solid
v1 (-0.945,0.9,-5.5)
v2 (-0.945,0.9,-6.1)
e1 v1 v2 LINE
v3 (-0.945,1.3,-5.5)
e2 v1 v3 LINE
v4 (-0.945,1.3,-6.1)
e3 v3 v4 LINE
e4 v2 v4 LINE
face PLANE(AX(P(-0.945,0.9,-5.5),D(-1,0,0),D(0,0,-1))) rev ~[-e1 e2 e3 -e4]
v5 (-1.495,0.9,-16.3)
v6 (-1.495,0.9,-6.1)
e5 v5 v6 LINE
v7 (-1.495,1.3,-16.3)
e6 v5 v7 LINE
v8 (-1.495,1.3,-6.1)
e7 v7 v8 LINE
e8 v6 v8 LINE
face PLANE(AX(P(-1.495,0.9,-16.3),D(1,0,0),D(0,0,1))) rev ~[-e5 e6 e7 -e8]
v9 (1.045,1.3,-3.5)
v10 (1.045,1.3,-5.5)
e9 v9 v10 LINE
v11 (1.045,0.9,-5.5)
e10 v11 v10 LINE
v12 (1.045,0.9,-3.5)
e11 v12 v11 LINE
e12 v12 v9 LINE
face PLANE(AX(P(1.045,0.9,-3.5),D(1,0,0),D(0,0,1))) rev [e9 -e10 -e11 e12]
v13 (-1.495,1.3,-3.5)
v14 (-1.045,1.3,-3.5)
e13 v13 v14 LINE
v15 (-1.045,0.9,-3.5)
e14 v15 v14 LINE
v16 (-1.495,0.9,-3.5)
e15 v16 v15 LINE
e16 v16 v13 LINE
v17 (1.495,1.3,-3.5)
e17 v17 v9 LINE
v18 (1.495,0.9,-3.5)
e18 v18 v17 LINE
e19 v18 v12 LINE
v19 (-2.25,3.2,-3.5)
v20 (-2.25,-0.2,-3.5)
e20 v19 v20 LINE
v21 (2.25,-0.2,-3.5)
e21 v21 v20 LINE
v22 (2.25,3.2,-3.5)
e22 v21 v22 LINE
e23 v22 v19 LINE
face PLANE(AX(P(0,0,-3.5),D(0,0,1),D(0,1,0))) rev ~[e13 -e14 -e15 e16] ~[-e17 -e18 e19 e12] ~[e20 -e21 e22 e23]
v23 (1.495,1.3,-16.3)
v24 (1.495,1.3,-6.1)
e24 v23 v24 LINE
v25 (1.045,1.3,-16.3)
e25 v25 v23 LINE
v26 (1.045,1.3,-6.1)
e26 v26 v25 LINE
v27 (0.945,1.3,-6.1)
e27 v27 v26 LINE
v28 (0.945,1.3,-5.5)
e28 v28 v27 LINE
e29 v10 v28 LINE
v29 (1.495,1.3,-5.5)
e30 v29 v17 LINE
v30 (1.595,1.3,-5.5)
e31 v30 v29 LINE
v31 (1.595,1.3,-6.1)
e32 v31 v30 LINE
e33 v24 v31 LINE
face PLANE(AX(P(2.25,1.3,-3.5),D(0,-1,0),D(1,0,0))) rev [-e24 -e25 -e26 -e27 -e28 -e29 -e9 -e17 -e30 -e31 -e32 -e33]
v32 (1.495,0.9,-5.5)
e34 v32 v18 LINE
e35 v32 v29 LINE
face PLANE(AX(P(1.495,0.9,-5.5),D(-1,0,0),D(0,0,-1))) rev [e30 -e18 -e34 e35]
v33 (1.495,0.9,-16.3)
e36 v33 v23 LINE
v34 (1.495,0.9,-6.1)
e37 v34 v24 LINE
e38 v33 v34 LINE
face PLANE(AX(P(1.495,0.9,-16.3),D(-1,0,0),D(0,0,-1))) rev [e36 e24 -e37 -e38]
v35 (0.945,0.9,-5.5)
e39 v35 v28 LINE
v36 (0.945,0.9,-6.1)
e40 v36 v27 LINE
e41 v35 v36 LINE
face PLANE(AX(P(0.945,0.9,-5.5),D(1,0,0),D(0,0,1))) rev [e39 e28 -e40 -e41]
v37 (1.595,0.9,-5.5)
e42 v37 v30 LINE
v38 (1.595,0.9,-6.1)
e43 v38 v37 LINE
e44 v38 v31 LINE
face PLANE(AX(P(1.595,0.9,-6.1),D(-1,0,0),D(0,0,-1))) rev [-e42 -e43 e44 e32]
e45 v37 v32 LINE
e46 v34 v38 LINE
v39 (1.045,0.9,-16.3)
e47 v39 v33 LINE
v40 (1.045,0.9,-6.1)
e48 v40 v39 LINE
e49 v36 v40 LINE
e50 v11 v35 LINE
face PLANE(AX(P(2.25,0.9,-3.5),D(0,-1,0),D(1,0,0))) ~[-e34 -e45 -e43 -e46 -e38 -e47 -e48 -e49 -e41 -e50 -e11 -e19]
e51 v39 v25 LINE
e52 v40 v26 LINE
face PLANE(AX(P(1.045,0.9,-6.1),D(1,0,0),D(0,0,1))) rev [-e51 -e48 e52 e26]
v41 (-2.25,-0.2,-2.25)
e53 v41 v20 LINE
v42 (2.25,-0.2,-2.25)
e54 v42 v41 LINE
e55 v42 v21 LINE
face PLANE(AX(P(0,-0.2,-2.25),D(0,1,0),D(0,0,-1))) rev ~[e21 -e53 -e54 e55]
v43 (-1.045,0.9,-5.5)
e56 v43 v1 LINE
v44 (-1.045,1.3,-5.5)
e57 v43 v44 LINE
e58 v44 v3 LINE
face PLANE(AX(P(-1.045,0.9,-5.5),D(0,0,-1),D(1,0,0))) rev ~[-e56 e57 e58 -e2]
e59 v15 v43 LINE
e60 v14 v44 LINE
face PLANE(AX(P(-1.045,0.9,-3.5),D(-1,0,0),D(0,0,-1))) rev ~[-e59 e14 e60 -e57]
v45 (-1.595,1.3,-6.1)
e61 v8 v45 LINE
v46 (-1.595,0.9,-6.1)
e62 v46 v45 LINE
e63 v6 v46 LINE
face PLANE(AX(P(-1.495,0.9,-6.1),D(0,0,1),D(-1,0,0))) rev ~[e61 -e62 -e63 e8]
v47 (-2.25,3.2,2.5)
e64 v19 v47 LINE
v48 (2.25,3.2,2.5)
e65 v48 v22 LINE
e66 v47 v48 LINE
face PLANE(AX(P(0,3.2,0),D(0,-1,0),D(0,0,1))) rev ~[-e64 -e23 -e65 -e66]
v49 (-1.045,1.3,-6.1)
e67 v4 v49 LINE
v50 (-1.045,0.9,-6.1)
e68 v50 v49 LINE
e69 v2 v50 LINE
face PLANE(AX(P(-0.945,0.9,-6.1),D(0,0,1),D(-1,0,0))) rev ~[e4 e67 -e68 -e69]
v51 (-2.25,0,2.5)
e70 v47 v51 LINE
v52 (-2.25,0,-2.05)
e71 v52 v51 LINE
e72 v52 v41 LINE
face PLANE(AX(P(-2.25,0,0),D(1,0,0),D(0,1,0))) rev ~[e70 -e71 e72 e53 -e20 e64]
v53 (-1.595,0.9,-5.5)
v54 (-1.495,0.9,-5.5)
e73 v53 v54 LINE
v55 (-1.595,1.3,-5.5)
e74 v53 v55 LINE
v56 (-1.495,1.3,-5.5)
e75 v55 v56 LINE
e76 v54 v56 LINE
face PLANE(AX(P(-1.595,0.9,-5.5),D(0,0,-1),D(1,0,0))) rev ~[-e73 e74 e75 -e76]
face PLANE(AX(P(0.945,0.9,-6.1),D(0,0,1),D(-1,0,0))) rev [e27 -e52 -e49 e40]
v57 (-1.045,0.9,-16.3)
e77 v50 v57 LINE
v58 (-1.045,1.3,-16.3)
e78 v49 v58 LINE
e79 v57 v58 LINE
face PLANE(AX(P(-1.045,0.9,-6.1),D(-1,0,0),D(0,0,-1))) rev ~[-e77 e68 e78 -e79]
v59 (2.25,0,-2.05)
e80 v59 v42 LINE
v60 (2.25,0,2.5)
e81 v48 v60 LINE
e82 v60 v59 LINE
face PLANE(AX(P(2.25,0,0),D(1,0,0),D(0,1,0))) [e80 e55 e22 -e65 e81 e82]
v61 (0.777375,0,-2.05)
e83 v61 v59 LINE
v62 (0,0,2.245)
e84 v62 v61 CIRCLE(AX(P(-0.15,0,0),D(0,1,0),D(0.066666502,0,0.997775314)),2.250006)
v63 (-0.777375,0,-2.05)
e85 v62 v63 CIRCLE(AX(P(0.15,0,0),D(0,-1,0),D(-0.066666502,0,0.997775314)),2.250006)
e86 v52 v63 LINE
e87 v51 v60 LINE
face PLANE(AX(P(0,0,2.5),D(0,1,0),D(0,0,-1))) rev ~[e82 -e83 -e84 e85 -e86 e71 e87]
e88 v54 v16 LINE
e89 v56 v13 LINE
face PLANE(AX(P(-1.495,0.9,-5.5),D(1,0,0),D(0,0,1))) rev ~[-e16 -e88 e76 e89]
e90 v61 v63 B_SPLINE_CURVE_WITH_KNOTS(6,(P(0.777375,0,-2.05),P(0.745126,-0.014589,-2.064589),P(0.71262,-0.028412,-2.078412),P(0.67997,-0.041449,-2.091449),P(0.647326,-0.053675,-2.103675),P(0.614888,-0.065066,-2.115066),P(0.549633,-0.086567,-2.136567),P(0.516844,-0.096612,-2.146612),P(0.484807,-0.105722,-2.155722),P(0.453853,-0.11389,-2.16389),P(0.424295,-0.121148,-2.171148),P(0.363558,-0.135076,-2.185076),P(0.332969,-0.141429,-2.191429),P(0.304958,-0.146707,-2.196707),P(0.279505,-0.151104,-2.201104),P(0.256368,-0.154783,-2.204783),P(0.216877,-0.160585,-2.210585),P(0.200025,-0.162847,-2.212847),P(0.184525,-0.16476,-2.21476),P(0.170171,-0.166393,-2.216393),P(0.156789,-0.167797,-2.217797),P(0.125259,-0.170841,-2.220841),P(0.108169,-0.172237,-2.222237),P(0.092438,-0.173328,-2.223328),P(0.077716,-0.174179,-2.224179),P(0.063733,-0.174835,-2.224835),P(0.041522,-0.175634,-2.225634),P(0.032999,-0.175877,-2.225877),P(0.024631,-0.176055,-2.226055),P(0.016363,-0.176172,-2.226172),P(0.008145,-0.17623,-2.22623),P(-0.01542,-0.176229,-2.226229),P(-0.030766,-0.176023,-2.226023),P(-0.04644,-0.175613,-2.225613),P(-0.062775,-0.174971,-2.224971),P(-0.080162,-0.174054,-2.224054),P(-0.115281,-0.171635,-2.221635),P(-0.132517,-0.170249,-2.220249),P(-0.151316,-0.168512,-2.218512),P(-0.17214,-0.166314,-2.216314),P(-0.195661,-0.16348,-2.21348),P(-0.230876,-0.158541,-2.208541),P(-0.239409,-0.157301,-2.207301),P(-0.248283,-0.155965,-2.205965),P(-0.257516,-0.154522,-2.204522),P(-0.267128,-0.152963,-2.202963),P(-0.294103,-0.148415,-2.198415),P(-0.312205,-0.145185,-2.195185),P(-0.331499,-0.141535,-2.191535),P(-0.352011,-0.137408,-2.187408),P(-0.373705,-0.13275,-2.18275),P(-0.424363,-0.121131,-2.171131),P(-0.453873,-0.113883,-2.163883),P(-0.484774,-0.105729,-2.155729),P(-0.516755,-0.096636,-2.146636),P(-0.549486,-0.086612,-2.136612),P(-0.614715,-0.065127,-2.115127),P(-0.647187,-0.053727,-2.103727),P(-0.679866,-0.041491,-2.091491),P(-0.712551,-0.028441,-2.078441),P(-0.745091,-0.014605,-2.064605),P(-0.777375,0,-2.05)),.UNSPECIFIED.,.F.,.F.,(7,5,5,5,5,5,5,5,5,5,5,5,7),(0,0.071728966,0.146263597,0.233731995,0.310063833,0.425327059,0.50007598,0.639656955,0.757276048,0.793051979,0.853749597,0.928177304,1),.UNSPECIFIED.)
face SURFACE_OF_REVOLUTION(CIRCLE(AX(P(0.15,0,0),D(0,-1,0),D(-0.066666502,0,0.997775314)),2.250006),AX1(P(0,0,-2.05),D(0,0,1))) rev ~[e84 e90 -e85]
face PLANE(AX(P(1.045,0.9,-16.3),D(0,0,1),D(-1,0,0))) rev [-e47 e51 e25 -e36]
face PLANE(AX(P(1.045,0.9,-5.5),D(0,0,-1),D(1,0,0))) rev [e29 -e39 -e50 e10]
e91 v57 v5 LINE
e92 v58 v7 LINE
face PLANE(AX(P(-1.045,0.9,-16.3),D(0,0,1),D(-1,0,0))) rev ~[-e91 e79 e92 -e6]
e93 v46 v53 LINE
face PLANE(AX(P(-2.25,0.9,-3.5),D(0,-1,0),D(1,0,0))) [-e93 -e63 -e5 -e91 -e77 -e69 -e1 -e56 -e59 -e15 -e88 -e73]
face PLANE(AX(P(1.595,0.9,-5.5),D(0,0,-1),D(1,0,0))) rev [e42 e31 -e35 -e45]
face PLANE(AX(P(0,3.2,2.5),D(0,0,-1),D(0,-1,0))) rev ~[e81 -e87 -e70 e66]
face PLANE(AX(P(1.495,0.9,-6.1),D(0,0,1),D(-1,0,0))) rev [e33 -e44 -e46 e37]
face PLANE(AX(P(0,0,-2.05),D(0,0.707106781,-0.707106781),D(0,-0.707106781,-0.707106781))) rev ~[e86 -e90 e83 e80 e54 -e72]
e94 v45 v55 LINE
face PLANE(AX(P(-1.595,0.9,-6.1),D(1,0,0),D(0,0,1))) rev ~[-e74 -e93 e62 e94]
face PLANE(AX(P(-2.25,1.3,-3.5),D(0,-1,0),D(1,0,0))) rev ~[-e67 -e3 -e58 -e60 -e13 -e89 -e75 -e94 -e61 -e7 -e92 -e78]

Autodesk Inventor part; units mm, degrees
ref_plane "YZ Plane" through (0, 0, 0) normal (1, 0, 0) x (0, 1, 0)
ref_plane "XZ Plane" through (0, 0, 0) normal (0, 1, 0) x (-1, 0, 0)
sketch "Skizze3" plane through (0, 0, 0) normal (1, 0, 0) x (0, 1, 0)
  line L0 (3.2, 2.5) -> (0, 2.5)
  line L1 (0, 2.5) -> (0, -2.05)
  line L2 (0, -2.05) -> (-0.2, -2.25)
  line L3 (-0.2, -2.25) -> (-0.2, -3.5)
  line L4 (-0.2, -3.5) -> (3.2, -3.5)
  line L5 (3.2, -3.5) -> (3.2, 2.5)
  line L6 (0, 3.7) -> (0, -4.7) projected
  line L7 (-0.88, 0) -> (3.88, 0) projected
  point P0 (0, 0)
  dimension "d5" = 3.2
  dimension "d6" = 6
  dimension "d7" = 2.5
  dimension "d8" = 3.4
  dimension "d9" = 45
  dimension "d10" = 4.55
extrude "Extrusion2" add sketch "Skizze3" along normal mid plane 4.5
sketch "Skizze4" plane through (0, 0, 0) normal (1, 0, 0) x (0, 1, 0)
  line L0 (0, -2.05) -> (0, 2.5) projected
  arc A0 (0, 2.245) -> (0, -2.245) centre (0.15, 0) ccw
  line L1 (3.2, 2.5) -> (0, 2.5) projected
  line L2 (0, 2.245) -> (0, -2.245)
  point P0 (0, 0)
  dimension "d13" = 2.25
  dimension "d14" = 0.15
  dimension "d15" = 2.5
revolve "Umdrehung1" add sketch "Skizze4" angle 180 mid plane about axis through (0, 0, -2.05) along (0, 0, 1)
ref_plane "Arbeitsebene1" through (-2.25, 0.9, -3.5) normal (0, -1, 0) x (1, 0, 0)
sketch "Skizze5" plane through (-2.25, 0.9, -3.5) normal (0, -1, 0) x (1, 0, 0)
  line L0 (0.755, 0) -> (1.205, 0)
  line L1 (1.205, -12.8) -> (0.755, -12.8)
  line L2 (0, 0) -> (4.5, 0) projected
  line L3 (1.305, -2) -> (1.305, -2.6)
  line L4 (0.655, -2.6) -> (0.655, -2)
  line L5 (0.655, -2) -> (0.755, -2)
  line L6 (1.205, -2) -> (1.305, -2)
  line L7 (1.305, -2.6) -> (1.205, -2.6)
  line L8 (0.755, -2.6) -> (0.655, -2.6)
  line L9 (0.755, -12.8) -> (0.755, -2.6)
  line L10 (0.755, -2) -> (0.755, 0)
  line L11 (1.205, 0) -> (1.205, -2)
  line L12 (1.205, -2.6) -> (1.205, -12.8)
  line L13 (0.98, -12.8) -> (0.98, 0) construction
  line L14 (4.5, 6) -> (0, 6) construction
  point P0 (2.25, 3.5)
  dimension "d18" = 0.45
  dimension "d19" = 0.65
  dimension "d20" = 0.6
  dimension "d21" = 8.6
  dimension "d22" = 18.8
  dimension "d23" = 1.27
extrude "Extrusion3" add sketch "Skizze5" against normal blind 0.4
mirror "Spiegeln1" about plane through (0, 0, 0) normal (1, 0, 0) of "Extrusion3"
properties part number "Fotodiode BPV23F"
